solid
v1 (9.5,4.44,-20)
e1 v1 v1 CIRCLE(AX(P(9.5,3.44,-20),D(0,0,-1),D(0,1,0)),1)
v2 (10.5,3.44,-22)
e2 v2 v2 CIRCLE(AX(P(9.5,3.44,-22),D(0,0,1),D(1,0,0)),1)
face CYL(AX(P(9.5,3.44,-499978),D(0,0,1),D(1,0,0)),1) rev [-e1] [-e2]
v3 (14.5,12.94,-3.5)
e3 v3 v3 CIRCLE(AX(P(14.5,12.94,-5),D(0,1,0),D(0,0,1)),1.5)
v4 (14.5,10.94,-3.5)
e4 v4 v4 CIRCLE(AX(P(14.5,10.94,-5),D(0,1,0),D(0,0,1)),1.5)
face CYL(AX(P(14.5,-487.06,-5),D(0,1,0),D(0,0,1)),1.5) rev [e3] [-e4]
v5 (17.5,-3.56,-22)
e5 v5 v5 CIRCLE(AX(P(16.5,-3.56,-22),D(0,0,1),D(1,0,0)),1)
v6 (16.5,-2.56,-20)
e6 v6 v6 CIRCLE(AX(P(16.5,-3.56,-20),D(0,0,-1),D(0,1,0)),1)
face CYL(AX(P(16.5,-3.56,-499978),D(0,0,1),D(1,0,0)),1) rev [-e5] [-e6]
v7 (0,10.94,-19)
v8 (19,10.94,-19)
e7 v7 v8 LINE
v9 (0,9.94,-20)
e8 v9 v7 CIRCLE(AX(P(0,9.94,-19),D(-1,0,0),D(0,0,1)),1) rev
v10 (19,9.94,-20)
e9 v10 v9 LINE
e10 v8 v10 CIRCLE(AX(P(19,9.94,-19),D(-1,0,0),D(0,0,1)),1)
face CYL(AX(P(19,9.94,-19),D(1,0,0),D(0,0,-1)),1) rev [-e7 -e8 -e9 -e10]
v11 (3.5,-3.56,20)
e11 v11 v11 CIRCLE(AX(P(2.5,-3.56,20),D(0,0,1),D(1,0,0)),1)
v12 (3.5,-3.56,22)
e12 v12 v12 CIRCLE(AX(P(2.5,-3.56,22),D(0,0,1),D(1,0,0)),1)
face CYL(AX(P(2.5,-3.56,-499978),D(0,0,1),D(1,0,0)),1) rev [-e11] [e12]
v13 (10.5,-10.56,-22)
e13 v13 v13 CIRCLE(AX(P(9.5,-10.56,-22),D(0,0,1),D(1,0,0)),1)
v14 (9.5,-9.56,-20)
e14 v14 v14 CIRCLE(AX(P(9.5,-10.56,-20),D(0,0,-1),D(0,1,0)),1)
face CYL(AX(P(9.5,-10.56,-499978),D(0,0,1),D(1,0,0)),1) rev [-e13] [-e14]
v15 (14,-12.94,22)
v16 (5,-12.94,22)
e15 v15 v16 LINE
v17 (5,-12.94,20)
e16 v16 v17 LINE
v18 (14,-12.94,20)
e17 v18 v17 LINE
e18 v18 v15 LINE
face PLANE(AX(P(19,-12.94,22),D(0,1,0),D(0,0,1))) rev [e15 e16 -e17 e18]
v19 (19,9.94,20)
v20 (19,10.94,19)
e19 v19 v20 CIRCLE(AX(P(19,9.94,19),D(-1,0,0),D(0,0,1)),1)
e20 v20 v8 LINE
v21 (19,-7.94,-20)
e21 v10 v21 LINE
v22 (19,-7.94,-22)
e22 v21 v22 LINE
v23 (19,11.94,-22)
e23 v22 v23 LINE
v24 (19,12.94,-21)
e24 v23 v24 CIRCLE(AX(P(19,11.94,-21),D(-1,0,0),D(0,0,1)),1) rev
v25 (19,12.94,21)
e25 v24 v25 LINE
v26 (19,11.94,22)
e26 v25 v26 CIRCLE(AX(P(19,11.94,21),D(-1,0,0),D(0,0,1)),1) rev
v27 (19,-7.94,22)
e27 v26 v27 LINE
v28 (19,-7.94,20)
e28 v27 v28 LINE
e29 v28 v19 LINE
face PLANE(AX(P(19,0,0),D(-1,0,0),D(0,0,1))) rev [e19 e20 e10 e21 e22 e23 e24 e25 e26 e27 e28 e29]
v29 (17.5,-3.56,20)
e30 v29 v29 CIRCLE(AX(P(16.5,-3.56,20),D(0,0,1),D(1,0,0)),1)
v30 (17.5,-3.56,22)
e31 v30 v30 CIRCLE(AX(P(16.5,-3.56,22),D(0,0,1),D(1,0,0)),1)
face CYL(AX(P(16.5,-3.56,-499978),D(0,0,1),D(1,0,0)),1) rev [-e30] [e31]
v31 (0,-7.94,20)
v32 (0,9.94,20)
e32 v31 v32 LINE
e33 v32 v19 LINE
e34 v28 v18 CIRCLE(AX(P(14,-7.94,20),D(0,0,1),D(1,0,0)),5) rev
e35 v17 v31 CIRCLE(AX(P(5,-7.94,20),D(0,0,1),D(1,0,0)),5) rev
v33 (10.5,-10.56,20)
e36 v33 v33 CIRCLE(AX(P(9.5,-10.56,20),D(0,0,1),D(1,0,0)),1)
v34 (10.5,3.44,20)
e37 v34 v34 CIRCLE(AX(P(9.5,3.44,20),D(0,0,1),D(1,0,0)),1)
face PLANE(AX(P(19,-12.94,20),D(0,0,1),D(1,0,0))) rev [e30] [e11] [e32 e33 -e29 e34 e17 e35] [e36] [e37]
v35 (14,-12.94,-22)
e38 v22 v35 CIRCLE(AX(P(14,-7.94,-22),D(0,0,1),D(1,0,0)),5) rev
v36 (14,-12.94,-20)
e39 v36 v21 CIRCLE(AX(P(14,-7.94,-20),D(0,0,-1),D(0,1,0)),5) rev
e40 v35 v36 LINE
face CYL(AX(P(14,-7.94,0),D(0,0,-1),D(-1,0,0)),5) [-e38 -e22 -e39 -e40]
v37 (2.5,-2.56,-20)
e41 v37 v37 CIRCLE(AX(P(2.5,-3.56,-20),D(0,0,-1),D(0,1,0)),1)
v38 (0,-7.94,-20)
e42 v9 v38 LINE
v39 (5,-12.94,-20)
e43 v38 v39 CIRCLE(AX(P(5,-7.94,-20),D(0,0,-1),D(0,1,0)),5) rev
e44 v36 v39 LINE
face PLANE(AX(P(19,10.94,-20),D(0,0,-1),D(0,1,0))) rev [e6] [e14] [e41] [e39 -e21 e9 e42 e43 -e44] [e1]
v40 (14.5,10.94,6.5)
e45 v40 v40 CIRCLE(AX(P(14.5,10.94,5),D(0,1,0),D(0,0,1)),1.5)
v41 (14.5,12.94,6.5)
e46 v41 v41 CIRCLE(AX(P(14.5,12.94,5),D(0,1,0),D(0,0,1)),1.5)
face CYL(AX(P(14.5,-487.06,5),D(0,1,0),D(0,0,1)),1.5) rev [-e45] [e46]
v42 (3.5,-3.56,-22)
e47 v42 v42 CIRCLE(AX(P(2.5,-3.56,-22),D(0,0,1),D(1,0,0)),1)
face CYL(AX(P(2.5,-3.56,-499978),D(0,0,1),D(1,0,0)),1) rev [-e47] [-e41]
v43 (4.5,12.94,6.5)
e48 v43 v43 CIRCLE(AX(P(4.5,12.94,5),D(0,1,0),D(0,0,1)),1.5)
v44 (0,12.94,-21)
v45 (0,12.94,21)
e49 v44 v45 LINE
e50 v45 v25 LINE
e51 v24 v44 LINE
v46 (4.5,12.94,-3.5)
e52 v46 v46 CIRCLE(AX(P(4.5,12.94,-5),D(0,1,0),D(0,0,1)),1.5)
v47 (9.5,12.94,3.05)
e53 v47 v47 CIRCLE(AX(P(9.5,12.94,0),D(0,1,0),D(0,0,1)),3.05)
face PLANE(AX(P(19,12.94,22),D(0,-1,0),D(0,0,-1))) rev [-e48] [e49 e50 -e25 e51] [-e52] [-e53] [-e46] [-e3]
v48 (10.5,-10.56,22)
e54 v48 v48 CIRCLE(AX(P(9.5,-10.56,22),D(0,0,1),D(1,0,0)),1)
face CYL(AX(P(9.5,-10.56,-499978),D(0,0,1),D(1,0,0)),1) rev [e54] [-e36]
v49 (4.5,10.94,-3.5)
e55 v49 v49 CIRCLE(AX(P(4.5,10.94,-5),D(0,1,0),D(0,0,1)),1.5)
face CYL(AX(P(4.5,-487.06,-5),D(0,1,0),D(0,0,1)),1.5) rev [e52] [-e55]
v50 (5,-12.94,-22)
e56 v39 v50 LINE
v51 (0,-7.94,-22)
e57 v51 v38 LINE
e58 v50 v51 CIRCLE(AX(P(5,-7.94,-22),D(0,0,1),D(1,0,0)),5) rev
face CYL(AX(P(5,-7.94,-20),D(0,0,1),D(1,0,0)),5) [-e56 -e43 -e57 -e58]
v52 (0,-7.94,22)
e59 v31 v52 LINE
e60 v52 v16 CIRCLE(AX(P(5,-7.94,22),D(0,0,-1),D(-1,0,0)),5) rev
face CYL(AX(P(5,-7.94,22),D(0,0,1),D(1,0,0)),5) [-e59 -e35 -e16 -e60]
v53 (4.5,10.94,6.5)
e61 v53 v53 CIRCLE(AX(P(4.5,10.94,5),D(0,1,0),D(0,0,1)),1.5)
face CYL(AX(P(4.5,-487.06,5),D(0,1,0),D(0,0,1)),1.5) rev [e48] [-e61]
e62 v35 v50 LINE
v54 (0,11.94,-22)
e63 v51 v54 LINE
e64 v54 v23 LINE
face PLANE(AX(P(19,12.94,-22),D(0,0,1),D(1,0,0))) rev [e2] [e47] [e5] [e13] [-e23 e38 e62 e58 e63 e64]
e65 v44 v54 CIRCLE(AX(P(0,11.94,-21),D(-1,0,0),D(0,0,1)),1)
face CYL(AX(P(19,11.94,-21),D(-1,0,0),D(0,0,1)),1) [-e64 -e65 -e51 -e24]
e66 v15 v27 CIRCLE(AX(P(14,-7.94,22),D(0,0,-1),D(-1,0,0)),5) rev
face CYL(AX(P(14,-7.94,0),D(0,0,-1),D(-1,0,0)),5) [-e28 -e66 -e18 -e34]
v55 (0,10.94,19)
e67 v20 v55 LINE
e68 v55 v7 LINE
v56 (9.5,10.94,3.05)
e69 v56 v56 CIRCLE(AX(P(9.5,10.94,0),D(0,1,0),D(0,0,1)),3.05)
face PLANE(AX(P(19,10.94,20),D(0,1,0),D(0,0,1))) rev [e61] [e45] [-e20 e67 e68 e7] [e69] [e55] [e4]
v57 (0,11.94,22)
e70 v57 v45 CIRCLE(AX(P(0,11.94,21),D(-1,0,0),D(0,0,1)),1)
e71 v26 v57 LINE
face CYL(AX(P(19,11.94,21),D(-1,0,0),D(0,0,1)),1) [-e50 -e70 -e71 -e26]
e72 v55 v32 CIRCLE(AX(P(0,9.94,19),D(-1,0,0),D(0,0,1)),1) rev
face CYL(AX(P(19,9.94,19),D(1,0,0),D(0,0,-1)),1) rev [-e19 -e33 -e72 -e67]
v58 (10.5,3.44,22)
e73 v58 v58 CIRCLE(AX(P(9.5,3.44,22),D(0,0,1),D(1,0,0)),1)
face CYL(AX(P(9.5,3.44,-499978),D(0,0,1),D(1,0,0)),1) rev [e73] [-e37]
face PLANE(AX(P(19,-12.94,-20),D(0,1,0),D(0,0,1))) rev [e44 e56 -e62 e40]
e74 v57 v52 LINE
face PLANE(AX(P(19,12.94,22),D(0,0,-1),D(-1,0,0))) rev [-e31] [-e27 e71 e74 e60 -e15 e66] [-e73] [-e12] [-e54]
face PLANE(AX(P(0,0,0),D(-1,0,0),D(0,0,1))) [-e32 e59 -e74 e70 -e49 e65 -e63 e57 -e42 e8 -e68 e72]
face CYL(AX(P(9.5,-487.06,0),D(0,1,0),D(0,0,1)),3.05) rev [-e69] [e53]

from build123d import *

# Parameters (mm, degrees)
EXTRUDE_1_DEPTH     = 19
FILLET_1_R          = 1
SKETCH_2_R          = 1
CUT_EXTRUDE_1_DEPTH = 500000
FILLET_2_R          = 5
FILLET_3_R          = 5
SKETCH_3_R          = 3.05
SKETCH_3_R_2        = 1.5
CUT_EXTRUDE_2_DEPTH = 500


with BuildPart() as part:
    # 草图1 → 凸台-拉伸1 (new body)
    with BuildSketch(Plane(origin=(0, 0, 0), x_dir=(0, 0, -1), z_dir=(1, 0, 0))):
        Polygon((-20, -12.94), (-20, 10.94), (20, 10.94), (20, -12.94), (22, -12.94), (22, 12.94), (-22, 12.94), (-22, -12.94), align=None)
    extrude(amount=EXTRUDE_1_DEPTH)

    # 圆角1
    fillet_1_edges = [part.edges().sort_by_distance(p)[0] for p in [
        (9.5, 10.94, -20),
        (9.5, 10.94, 20),
        (9.5, 12.94, 22),
        (9.5, 12.94, -22),
    ]]
    fillet(fillet_1_edges, radius=FILLET_1_R)

    # 草图2 → 切除-拉伸1 (cut)
    with BuildSketch(Plane.XY.offset(22)):
        with Locations((2.5, -3.56)):
            Circle(SKETCH_2_R)
        with Locations((16.5, -3.56)):
            Circle(SKETCH_2_R)
        with Locations((9.5, -10.56)):
            Circle(SKETCH_2_R)
        with Locations((9.5, 3.44)):
            Circle(SKETCH_2_R)
    extrude(amount=-CUT_EXTRUDE_1_DEPTH, mode=Mode.SUBTRACT)

    # 圆角2
    fillet_2_edges = [part.edges().sort_by_distance(p)[0] for p in [
        (19, -12.94, 21),
        (0, -12.94, 21),
    ]]
    fillet(fillet_2_edges, radius=FILLET_2_R)

    # 圆角3
    fillet_3_edges = [part.edges().sort_by_distance(p)[0] for p in [
        (0, -12.94, -21),
        (19, -12.94, -21),
    ]]
    fillet(fillet_3_edges, radius=FILLET_3_R)

    # 草图3 → 切除-拉伸2 (cut)
    with BuildSketch(Plane(origin=(0, 12.94, 0), x_dir=(1, 0, 0), z_dir=(0, 1, 0))):
        with Locations(Location((9.5, 0, 0), (0, 0, 270))):
            Circle(SKETCH_3_R)
        with Locations(Location((4.5, 5, 0), (0, 0, 270))):
            Circle(SKETCH_3_R_2)
        with Locations(Location((14.5, 5, 0), (0, 0, 270))):
            Circle(SKETCH_3_R_2)
        with Locations(Location((14.5, -5, 0), (0, 0, 270))):
            Circle(SKETCH_3_R_2)
        with Locations(Location((4.5, -5, 0), (0, 0, 270))):
            Circle(SKETCH_3_R_2)
    extrude(amount=-CUT_EXTRUDE_2_DEPTH, mode=Mode.SUBTRACT)


solid = part.part
